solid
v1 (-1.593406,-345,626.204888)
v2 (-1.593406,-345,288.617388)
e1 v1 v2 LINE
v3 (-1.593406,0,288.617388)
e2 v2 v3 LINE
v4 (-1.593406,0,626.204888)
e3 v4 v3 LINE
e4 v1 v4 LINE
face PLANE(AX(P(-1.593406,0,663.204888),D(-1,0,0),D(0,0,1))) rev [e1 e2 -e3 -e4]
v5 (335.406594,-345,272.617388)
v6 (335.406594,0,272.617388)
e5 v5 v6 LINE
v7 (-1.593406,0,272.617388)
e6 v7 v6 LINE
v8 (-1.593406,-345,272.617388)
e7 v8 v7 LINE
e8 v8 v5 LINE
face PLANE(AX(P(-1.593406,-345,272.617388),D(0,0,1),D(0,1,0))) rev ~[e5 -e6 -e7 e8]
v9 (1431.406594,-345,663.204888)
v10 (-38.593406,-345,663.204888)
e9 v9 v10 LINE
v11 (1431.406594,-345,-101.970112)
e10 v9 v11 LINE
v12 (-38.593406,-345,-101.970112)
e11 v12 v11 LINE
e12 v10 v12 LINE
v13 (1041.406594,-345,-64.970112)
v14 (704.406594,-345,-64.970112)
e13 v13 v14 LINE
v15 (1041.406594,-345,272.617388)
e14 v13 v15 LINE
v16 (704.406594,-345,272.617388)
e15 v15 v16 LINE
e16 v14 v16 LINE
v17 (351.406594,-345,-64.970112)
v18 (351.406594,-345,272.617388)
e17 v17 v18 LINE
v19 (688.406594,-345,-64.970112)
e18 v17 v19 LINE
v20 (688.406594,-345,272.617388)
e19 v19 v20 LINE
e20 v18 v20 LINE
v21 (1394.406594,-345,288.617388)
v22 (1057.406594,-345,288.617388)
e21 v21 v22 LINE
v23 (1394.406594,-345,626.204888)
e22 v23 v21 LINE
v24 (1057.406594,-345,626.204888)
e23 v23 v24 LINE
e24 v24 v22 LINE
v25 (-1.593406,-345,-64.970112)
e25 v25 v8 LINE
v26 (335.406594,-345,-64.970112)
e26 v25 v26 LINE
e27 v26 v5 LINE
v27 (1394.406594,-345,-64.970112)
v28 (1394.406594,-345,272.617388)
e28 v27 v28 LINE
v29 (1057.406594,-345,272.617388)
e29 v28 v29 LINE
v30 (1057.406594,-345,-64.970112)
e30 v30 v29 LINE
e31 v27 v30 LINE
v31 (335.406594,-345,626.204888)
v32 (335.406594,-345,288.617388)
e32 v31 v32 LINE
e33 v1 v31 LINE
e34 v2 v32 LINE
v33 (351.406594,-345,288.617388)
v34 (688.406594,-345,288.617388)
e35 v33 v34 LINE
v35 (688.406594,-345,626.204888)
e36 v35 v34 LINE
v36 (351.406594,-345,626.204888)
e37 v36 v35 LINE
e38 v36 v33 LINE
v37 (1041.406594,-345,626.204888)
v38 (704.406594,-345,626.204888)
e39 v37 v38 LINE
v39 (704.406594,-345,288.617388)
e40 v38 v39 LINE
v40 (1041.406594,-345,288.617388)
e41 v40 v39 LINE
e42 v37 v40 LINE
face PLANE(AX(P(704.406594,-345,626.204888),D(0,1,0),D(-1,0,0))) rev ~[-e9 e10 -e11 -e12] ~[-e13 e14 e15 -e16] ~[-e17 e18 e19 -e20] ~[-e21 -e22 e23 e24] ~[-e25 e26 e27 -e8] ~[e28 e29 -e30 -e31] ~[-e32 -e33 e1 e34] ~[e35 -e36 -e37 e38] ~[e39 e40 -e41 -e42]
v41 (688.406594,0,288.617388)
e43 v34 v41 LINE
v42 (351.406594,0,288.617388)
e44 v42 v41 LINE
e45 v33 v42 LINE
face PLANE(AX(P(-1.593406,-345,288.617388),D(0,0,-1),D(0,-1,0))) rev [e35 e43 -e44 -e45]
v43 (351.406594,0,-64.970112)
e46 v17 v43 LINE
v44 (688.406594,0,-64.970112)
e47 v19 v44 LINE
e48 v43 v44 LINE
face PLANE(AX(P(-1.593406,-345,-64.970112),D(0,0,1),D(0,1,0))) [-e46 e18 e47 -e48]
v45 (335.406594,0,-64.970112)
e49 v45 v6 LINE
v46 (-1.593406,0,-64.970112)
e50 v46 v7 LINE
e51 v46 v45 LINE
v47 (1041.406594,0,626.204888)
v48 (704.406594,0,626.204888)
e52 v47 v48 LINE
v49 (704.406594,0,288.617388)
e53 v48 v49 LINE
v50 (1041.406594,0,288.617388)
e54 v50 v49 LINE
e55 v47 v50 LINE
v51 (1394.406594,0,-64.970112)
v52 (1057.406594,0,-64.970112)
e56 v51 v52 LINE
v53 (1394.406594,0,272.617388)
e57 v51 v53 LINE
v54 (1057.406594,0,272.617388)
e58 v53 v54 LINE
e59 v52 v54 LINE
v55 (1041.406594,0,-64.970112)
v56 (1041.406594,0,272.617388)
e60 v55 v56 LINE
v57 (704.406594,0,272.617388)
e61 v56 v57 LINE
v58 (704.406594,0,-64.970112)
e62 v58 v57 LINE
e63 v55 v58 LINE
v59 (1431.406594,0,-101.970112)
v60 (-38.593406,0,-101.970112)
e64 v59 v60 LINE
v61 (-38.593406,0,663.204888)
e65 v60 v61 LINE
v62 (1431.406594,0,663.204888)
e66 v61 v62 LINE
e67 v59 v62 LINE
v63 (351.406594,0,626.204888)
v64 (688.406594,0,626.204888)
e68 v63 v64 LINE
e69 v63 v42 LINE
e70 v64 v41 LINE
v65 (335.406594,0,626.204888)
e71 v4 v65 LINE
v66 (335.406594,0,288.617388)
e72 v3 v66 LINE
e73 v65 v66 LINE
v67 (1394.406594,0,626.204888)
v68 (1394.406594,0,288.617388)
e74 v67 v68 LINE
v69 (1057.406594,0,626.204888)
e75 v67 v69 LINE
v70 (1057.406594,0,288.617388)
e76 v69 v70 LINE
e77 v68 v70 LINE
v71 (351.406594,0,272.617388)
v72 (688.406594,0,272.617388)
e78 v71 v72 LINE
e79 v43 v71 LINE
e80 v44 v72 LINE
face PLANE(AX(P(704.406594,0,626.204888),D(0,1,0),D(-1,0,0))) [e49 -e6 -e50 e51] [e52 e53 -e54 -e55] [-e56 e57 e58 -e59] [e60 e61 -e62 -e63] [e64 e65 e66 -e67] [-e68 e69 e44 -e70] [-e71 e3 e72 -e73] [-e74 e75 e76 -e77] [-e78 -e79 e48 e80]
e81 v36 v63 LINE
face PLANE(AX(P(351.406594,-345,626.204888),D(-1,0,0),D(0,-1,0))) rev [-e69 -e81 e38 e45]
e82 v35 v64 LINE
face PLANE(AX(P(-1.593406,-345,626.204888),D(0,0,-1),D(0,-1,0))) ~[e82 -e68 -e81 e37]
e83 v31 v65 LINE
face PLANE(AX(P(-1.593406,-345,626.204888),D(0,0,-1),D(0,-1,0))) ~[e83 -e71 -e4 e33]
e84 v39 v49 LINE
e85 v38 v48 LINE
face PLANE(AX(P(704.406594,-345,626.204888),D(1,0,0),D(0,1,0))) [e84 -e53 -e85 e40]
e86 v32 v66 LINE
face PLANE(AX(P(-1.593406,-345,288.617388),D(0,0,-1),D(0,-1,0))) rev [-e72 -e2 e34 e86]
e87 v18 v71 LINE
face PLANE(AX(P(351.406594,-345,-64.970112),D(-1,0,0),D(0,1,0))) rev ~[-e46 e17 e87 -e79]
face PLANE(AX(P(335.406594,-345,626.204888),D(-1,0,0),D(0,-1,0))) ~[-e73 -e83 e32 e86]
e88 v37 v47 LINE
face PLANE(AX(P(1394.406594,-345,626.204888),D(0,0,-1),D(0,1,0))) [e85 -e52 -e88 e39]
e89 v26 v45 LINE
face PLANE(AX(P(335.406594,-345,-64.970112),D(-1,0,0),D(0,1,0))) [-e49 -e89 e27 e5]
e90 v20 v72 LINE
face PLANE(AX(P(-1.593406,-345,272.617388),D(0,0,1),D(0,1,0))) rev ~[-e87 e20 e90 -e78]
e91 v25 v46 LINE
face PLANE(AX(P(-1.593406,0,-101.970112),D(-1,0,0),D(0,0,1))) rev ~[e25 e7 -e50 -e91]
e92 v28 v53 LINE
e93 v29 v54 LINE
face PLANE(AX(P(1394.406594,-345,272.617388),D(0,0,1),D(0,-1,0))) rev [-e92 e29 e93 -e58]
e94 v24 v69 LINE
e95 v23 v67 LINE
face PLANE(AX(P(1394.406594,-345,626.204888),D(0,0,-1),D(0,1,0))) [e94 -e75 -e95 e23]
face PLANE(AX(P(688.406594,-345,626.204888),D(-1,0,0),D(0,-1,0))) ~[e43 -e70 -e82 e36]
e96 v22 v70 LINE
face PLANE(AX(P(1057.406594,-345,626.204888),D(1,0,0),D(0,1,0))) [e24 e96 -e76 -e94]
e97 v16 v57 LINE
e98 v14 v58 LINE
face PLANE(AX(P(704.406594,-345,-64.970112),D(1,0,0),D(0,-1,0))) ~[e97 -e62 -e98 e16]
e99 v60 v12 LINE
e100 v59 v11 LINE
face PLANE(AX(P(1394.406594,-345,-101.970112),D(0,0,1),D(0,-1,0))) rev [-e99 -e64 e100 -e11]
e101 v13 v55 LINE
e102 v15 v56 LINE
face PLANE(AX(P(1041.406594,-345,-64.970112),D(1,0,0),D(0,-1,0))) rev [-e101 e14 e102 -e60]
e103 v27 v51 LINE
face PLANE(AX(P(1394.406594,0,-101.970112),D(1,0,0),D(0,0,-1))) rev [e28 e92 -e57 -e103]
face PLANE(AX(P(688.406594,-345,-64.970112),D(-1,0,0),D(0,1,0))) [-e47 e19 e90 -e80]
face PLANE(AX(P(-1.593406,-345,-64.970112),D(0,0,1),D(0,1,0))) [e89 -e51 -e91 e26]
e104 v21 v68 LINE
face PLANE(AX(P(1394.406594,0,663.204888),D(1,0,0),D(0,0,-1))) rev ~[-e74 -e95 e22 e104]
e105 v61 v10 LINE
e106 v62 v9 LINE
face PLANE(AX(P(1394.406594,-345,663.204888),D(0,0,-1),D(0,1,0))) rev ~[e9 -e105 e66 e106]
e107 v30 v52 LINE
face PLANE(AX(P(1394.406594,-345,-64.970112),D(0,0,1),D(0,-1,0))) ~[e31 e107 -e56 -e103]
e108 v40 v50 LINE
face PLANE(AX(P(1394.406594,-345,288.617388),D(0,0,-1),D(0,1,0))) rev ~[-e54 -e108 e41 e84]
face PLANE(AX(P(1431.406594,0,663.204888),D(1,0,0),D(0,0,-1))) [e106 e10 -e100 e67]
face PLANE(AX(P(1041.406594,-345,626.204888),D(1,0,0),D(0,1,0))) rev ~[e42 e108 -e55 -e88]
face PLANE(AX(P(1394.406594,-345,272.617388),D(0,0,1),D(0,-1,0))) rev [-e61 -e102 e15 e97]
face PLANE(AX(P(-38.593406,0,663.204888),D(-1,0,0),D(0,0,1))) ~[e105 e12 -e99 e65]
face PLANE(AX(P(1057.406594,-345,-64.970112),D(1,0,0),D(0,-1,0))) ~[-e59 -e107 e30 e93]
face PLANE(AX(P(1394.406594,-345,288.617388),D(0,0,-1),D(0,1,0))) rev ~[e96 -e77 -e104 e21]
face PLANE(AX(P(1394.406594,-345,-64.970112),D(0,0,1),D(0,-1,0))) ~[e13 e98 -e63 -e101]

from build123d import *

# Parameters (mm, degrees)
F0_W     = 37
F0_H     = 382.5875
F1_DEPTH = 345
F2_W     = 345
F2_H     = 37
F3_DEPTH = 698
F7_W     = 345
F7_H     = 8
F8_DEPTH = 698
F4_W     = 16
F4_H     = 345
F4_W_2   = 8
F5_DEPTH = 337.5875


with BuildPart() as f1:
    # F0 (on Front) → F1 (new body)
    with BuildSketch(Plane.XZ):
        with Locations((-20.093406, 89.323638)):
            Rectangle(F0_W, F0_H)
    extrude(amount=F1_DEPTH)

    # F2 (on face) → F3 (join)
    with BuildSketch(Plane.YZ.offset(-1.593406)):
        with Locations((-172.5, -83.470112)):
            Rectangle(F2_W, F2_H)
    extrude(amount=F3_DEPTH)

    # F7 (on face) → F8 (join)
    with BuildSketch(Plane.YZ.offset(-1.593406)):
        with Locations((-172.5, 276.617388)):
            Rectangle(F7_W, F7_H)
    extrude(amount=F8_DEPTH)

    # F4 (on face) → F5 (join, through all)
    with BuildSketch(Plane.XY.offset(-64.970112)):
        with Locations((343.406594, -172.5)):
            Rectangle(F4_W, F4_H)
        with Locations((692.406594, -172.5)):
            Rectangle(F4_W_2, F4_H)
    extrude(amount=F5_DEPTH)

    # F9: F1 across face


with BuildPart() as f1_1:
    add(f1.part)
    add(f1.part.mirror(Plane(origin=(328.906594, -172.5, 280.617388), x_dir=(1, 0, 0), z_dir=(0, 0, 1))))

    # F6: F1 across face


with BuildPart() as f1_2:
    add(f1_1.part)
    add(f1_1.part.mirror(Plane(origin=(696.406594, -172.5, 280.617388), x_dir=(0, 1, 0), z_dir=(1, 0, 0))))


solid = f1_2.part
